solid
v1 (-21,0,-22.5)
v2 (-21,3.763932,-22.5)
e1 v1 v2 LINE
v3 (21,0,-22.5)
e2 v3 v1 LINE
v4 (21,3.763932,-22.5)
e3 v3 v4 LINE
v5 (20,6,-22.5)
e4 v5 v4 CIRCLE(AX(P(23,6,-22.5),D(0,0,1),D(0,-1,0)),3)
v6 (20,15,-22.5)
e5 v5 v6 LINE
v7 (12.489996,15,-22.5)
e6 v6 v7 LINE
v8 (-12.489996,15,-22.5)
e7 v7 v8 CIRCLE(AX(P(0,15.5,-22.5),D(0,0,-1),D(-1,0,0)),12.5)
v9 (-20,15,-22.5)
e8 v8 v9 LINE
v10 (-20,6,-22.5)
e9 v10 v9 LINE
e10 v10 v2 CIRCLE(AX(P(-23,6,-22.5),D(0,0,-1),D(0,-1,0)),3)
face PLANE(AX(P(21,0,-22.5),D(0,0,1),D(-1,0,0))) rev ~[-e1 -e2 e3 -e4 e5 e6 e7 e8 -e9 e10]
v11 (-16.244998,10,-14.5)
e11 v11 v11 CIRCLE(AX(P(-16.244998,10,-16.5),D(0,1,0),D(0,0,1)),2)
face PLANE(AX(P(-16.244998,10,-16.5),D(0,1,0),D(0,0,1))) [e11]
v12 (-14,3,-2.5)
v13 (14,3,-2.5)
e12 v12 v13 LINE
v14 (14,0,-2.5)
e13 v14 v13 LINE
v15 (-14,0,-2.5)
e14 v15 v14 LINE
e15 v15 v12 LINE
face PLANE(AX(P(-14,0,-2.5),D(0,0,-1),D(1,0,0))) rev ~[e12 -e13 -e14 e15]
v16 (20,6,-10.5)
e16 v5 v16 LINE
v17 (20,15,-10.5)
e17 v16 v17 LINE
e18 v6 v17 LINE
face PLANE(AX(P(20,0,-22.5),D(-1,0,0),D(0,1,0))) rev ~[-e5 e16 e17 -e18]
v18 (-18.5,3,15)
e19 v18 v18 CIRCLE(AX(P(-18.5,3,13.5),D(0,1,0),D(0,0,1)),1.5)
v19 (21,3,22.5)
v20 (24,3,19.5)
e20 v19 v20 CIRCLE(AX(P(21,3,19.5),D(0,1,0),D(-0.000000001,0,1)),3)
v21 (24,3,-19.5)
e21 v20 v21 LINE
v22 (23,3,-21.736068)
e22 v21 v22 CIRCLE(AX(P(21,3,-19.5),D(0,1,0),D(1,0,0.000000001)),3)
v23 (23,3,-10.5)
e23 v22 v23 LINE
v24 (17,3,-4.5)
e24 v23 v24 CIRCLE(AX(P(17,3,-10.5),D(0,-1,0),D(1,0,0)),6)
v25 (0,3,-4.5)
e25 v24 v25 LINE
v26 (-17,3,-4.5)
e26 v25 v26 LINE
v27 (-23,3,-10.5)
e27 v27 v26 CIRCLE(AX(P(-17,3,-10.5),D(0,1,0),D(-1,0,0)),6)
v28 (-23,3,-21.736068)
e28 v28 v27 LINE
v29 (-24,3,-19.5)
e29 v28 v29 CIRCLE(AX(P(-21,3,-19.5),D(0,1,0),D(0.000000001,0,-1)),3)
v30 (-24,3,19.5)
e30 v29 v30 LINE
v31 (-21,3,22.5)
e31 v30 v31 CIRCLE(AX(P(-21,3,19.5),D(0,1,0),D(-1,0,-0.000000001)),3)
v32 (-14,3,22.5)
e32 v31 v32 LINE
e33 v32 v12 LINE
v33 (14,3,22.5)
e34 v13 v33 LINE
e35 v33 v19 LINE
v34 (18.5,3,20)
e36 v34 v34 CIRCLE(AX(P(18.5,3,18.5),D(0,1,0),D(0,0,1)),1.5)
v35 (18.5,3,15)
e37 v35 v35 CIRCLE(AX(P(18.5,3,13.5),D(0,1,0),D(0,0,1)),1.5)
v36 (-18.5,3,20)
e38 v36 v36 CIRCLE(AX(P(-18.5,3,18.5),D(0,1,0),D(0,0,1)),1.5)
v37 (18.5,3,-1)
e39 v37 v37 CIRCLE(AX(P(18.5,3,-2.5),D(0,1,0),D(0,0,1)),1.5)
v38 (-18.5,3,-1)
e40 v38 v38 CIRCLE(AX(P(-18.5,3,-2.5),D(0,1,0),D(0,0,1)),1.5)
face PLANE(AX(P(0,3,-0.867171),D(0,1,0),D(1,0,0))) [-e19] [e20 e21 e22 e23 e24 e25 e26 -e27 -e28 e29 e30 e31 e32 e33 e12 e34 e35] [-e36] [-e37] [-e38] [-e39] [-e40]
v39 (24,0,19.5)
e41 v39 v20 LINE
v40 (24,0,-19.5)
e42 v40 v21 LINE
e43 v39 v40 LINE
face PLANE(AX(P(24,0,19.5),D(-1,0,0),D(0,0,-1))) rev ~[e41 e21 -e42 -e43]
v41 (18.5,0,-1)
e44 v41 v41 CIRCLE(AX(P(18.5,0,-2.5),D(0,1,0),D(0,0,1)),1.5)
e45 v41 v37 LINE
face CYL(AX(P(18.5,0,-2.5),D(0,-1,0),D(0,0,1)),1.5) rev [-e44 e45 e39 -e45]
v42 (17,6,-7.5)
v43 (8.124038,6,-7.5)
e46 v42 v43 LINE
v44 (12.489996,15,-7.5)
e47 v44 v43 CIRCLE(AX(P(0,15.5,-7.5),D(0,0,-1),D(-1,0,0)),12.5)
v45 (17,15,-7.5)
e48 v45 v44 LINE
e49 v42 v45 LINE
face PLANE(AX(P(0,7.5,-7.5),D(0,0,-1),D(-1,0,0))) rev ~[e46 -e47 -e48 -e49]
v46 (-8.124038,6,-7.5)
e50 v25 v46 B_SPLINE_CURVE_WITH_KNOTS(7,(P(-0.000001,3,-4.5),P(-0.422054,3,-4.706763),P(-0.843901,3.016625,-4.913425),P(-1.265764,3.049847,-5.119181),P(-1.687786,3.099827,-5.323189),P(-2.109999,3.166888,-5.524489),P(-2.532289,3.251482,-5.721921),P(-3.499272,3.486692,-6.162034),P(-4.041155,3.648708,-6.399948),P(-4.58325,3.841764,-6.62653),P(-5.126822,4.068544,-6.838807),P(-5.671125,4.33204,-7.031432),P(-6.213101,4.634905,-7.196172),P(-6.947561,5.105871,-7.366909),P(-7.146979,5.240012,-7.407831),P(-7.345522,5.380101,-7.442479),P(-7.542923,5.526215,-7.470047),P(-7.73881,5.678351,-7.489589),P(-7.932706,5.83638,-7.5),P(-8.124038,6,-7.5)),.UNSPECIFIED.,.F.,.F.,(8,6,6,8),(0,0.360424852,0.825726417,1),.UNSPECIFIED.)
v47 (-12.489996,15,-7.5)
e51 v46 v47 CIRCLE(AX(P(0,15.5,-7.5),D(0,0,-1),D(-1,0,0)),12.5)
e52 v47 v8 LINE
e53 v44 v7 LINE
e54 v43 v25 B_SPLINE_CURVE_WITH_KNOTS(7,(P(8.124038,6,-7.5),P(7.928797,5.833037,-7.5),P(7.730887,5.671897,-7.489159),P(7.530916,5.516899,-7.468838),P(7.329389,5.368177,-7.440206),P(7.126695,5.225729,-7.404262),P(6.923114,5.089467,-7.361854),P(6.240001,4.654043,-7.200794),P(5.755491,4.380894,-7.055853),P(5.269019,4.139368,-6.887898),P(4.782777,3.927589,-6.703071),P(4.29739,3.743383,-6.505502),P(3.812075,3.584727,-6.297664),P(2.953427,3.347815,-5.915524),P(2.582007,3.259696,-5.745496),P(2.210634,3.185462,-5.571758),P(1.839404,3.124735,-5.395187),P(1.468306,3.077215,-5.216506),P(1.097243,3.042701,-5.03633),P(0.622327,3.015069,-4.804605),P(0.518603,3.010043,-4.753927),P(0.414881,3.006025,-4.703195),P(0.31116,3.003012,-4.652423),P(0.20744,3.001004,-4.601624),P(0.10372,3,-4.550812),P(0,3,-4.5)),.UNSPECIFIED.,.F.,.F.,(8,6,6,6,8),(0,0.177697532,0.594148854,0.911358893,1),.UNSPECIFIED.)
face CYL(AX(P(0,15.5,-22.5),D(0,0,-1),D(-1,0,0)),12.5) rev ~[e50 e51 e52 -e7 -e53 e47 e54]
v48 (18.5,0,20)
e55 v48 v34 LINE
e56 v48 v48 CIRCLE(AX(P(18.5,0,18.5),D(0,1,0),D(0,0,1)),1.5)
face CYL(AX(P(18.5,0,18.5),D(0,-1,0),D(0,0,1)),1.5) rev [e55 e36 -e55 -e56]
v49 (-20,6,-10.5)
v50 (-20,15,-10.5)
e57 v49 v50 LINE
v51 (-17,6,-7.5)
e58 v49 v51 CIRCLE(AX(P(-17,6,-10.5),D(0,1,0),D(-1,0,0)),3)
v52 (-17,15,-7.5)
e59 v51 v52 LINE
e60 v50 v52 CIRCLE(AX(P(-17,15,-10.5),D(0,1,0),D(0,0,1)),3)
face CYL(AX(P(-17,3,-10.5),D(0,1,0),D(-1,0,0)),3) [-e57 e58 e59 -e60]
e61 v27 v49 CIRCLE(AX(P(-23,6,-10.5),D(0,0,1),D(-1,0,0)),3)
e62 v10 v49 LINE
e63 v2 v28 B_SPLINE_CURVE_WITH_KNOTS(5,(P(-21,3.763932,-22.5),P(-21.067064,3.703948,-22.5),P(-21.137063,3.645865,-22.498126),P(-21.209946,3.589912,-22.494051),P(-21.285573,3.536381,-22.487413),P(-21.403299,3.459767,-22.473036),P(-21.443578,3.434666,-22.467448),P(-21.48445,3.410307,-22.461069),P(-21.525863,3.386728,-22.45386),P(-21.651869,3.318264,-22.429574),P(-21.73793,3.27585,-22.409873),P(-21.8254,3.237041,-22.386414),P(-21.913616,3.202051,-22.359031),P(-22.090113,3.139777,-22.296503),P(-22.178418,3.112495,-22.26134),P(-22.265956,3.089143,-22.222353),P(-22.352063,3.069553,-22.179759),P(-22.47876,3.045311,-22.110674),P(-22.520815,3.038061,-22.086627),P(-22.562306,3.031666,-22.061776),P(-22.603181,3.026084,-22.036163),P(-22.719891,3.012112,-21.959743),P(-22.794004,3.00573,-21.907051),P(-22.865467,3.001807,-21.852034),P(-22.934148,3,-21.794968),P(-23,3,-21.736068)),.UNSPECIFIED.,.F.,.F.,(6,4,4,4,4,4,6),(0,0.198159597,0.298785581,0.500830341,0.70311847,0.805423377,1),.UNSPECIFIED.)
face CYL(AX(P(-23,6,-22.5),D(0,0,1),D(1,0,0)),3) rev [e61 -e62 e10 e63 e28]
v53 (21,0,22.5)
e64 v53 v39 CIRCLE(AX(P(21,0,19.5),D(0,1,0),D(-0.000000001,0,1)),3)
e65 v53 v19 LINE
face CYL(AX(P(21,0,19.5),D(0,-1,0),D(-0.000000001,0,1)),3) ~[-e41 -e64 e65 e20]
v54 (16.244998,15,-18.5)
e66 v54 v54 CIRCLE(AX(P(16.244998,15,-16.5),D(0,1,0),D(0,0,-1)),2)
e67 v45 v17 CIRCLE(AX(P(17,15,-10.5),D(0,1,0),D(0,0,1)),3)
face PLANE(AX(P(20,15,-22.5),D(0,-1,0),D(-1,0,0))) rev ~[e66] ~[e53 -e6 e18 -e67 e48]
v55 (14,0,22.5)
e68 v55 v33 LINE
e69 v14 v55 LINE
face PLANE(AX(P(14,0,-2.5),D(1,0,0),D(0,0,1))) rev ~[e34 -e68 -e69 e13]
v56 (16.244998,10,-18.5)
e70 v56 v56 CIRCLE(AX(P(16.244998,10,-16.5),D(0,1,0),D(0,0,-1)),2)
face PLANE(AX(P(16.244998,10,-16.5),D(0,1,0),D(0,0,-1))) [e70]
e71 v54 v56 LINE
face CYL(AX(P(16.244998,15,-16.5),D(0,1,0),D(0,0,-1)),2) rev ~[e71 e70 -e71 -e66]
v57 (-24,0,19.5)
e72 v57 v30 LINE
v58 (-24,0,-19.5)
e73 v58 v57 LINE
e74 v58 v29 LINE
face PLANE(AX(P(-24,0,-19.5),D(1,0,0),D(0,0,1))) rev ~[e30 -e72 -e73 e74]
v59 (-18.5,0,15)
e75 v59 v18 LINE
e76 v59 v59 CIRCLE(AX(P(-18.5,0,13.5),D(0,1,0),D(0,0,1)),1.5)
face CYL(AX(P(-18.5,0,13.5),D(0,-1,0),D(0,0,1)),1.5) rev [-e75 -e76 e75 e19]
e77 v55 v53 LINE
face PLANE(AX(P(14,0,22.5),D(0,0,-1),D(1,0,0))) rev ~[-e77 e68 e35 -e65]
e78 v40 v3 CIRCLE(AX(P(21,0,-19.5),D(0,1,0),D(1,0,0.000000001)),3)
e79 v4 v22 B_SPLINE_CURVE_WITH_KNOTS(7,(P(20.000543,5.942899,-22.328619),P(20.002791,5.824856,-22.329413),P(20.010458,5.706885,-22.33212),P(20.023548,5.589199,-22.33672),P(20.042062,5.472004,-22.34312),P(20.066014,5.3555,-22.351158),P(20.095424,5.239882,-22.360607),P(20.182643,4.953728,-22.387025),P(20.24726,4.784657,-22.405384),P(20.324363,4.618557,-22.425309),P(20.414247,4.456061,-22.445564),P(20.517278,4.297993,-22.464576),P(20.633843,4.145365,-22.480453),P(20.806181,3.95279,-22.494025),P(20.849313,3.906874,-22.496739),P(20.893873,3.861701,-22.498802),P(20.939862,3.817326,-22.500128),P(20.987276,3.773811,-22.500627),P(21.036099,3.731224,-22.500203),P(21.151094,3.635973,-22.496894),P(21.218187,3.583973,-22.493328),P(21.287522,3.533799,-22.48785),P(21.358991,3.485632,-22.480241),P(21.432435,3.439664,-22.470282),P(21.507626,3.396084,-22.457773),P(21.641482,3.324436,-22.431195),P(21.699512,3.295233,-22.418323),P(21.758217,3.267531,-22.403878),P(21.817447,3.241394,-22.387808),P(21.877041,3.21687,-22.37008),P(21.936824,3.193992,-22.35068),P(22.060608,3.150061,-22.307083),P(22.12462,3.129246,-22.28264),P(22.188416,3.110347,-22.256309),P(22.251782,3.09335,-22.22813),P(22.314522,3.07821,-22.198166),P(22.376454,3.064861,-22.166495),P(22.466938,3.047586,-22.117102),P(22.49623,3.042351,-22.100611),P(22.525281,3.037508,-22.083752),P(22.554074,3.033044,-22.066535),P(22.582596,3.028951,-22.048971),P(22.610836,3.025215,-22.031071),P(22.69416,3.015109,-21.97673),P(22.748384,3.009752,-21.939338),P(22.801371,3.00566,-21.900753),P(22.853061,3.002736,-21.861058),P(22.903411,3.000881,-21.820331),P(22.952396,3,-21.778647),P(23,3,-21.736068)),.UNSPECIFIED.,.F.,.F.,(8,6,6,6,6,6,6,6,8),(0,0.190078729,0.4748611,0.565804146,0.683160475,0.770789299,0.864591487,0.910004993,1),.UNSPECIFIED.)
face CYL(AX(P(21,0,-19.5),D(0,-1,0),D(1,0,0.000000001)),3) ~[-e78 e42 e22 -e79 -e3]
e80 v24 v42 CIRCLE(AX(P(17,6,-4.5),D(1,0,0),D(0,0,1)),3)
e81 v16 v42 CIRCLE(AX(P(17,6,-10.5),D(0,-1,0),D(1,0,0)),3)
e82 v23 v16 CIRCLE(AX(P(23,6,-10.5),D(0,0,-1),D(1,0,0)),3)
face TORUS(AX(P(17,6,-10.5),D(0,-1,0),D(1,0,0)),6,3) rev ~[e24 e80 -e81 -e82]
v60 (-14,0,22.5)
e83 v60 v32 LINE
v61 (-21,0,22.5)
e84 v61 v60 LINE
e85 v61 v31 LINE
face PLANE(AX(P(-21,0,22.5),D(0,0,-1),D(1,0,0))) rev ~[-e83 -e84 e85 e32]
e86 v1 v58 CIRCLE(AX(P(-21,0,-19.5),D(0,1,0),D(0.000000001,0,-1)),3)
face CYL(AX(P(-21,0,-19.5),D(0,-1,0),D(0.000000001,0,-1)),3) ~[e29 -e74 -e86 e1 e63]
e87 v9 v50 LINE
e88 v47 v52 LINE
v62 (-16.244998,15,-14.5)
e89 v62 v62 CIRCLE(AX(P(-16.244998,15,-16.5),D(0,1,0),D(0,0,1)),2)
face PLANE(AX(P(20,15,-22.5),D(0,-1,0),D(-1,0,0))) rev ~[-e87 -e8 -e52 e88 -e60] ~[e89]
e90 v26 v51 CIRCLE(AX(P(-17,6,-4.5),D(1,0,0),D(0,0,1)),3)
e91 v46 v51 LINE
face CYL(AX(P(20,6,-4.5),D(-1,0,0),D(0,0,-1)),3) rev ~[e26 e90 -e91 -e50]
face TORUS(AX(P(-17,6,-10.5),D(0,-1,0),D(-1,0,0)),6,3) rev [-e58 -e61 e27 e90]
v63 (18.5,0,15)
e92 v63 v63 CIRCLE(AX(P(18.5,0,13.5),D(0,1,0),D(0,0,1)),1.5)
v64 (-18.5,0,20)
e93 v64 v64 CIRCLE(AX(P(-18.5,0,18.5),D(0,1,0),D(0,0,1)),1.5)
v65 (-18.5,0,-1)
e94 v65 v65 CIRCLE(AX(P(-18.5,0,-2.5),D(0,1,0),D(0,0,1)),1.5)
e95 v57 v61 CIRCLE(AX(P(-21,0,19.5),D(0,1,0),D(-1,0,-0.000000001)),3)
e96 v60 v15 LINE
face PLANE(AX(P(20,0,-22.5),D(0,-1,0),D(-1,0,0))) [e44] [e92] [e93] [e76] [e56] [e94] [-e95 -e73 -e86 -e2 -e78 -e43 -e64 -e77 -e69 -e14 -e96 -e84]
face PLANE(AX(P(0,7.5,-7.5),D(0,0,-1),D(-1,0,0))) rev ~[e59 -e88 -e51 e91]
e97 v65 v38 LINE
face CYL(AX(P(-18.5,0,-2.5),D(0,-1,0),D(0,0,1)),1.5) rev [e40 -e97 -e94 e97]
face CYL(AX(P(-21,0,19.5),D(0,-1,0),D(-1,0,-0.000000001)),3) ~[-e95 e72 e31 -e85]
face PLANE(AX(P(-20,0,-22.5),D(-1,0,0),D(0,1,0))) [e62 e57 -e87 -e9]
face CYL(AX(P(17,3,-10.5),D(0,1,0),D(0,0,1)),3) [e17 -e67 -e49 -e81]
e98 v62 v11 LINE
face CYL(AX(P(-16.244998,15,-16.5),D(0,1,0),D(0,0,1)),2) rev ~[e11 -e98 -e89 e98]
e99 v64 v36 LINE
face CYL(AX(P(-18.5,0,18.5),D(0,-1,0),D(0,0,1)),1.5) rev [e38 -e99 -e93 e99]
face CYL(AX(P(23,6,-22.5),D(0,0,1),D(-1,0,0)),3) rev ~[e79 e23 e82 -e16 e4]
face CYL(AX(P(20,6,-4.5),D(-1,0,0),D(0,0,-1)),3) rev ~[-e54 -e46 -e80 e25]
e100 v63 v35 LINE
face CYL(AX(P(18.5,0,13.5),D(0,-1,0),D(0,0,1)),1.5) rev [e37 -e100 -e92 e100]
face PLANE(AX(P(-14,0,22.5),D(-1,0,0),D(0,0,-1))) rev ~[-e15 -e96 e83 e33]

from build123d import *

# Parameters (mm, degrees)
SKETCH1_R           = 1.5
BOSS_EXTRUDE1_DEPTH = 3
SKETCH4_W           = 40
SKETCH4_H           = 15
BOSS_EXTRUDE2_DEPTH = 15
FILLET5_R           = 3
SKETCH5_R           = 12.5
CUT_EXTRUDE1_DEPTH  = 54.160135485
SKETCH6_R           = 2
CUT_EXTRUDE2_DEPTH  = 5


with BuildPart() as part:
    # Sketch1 → Boss-Extrude1 (new body)
    with BuildSketch(Plane(origin=(0, 0, 0), x_dir=(1, 0, 0), z_dir=(0, 1, 0))):
        with BuildLine():
            Line((21, 22.5), (-21, 22.5))
            ThreePointArc((-21, 22.5), (-23.121320344, 21.621320344), (-24, 19.5))
            Line((-24, 19.5), (-24, -19.5))
            ThreePointArc((-24, -19.5), (-23.121320344, -21.621320344), (-21, -22.5))
            Line((-21, -22.5), (-14, -22.5))
            Line((-14, -22.5), (-14, 2.5))
            Line((-14, 2.5), (14, 2.5))
            Line((14, 2.5), (14, -22.5))
            Line((14, -22.5), (21, -22.5))
            ThreePointArc((21, -22.5), (23.121320344, -21.621320344), (24, -19.5))
            Line((24, -19.5), (24, 19.5))
            ThreePointArc((24, 19.5), (23.121320344, 21.621320344), (21, 22.5))
        make_face()
        with Locations(Location((-18.5, -18.5, 0), (0, 0, 270))):
            Circle(SKETCH1_R, mode=Mode.SUBTRACT)
        with Locations(Location((-18.5, -13.5, 0), (0, 0, 270))):
            Circle(SKETCH1_R, mode=Mode.SUBTRACT)
        with Locations(Location((18.5, -18.5, 0), (0, 0, 270))):
            Circle(SKETCH1_R, mode=Mode.SUBTRACT)
        with Locations(Location((18.5, -13.5, 0), (0, 0, 270))):
            Circle(SKETCH1_R, mode=Mode.SUBTRACT)
        with Locations(Location((-18.5, 2.5, 0), (0, 0, 270))):
            Circle(SKETCH1_R, mode=Mode.SUBTRACT)
        with Locations(Location((18.5, 2.5, 0), (0, 0, 270))):
            Circle(SKETCH1_R, mode=Mode.SUBTRACT)
    extrude(amount=BOSS_EXTRUDE1_DEPTH)

    # Sketch4 → Boss-Extrude2 (add)
    with BuildSketch(Plane(origin=(0, 0, -22.5), x_dir=(-1, 0, 0), z_dir=(0, 0, -1))):
        with Locations((0, 7.5)):
            Rectangle(SKETCH4_W, SKETCH4_H)
    extrude(amount=-BOSS_EXTRUDE2_DEPTH)

    # Fillet5
    fillet5_edges = [part.edges().sort_by_distance(p)[0] for p in [
        (20, 3, -15),
        (-20, 3, -15),
        (0, 3, -7.5),
        (20, 9, -7.5),
        (-20, 9, -7.5),
    ]]
    fillet(fillet5_edges, radius=FILLET5_R)

    # Sketch5 → Cut-Extrude1 (cut, through all)
    with BuildSketch(Plane(origin=(0, 0, -22.5), x_dir=(-1, 0, 0), z_dir=(0, 0, -1))):
        with Locations((0, 15.5)):
            Circle(SKETCH5_R)
    extrude(amount=-CUT_EXTRUDE1_DEPTH, mode=Mode.SUBTRACT)

    # Sketch6 → Cut-Extrude2 (cut)
    with BuildSketch(Plane(origin=(0, 15, 0), x_dir=(1, 0, 0), z_dir=(0, 1, 0))):
        with Locations(Location((-16.244997998, 16.5, 0), (0, 0, 270))):
            Circle(SKETCH6_R)
        with Locations(Location((16.244997998, 16.5, 0), (0, 0, 90))):
            Circle(SKETCH6_R)
    extrude(amount=-CUT_EXTRUDE2_DEPTH, mode=Mode.SUBTRACT)


solid = part.part
